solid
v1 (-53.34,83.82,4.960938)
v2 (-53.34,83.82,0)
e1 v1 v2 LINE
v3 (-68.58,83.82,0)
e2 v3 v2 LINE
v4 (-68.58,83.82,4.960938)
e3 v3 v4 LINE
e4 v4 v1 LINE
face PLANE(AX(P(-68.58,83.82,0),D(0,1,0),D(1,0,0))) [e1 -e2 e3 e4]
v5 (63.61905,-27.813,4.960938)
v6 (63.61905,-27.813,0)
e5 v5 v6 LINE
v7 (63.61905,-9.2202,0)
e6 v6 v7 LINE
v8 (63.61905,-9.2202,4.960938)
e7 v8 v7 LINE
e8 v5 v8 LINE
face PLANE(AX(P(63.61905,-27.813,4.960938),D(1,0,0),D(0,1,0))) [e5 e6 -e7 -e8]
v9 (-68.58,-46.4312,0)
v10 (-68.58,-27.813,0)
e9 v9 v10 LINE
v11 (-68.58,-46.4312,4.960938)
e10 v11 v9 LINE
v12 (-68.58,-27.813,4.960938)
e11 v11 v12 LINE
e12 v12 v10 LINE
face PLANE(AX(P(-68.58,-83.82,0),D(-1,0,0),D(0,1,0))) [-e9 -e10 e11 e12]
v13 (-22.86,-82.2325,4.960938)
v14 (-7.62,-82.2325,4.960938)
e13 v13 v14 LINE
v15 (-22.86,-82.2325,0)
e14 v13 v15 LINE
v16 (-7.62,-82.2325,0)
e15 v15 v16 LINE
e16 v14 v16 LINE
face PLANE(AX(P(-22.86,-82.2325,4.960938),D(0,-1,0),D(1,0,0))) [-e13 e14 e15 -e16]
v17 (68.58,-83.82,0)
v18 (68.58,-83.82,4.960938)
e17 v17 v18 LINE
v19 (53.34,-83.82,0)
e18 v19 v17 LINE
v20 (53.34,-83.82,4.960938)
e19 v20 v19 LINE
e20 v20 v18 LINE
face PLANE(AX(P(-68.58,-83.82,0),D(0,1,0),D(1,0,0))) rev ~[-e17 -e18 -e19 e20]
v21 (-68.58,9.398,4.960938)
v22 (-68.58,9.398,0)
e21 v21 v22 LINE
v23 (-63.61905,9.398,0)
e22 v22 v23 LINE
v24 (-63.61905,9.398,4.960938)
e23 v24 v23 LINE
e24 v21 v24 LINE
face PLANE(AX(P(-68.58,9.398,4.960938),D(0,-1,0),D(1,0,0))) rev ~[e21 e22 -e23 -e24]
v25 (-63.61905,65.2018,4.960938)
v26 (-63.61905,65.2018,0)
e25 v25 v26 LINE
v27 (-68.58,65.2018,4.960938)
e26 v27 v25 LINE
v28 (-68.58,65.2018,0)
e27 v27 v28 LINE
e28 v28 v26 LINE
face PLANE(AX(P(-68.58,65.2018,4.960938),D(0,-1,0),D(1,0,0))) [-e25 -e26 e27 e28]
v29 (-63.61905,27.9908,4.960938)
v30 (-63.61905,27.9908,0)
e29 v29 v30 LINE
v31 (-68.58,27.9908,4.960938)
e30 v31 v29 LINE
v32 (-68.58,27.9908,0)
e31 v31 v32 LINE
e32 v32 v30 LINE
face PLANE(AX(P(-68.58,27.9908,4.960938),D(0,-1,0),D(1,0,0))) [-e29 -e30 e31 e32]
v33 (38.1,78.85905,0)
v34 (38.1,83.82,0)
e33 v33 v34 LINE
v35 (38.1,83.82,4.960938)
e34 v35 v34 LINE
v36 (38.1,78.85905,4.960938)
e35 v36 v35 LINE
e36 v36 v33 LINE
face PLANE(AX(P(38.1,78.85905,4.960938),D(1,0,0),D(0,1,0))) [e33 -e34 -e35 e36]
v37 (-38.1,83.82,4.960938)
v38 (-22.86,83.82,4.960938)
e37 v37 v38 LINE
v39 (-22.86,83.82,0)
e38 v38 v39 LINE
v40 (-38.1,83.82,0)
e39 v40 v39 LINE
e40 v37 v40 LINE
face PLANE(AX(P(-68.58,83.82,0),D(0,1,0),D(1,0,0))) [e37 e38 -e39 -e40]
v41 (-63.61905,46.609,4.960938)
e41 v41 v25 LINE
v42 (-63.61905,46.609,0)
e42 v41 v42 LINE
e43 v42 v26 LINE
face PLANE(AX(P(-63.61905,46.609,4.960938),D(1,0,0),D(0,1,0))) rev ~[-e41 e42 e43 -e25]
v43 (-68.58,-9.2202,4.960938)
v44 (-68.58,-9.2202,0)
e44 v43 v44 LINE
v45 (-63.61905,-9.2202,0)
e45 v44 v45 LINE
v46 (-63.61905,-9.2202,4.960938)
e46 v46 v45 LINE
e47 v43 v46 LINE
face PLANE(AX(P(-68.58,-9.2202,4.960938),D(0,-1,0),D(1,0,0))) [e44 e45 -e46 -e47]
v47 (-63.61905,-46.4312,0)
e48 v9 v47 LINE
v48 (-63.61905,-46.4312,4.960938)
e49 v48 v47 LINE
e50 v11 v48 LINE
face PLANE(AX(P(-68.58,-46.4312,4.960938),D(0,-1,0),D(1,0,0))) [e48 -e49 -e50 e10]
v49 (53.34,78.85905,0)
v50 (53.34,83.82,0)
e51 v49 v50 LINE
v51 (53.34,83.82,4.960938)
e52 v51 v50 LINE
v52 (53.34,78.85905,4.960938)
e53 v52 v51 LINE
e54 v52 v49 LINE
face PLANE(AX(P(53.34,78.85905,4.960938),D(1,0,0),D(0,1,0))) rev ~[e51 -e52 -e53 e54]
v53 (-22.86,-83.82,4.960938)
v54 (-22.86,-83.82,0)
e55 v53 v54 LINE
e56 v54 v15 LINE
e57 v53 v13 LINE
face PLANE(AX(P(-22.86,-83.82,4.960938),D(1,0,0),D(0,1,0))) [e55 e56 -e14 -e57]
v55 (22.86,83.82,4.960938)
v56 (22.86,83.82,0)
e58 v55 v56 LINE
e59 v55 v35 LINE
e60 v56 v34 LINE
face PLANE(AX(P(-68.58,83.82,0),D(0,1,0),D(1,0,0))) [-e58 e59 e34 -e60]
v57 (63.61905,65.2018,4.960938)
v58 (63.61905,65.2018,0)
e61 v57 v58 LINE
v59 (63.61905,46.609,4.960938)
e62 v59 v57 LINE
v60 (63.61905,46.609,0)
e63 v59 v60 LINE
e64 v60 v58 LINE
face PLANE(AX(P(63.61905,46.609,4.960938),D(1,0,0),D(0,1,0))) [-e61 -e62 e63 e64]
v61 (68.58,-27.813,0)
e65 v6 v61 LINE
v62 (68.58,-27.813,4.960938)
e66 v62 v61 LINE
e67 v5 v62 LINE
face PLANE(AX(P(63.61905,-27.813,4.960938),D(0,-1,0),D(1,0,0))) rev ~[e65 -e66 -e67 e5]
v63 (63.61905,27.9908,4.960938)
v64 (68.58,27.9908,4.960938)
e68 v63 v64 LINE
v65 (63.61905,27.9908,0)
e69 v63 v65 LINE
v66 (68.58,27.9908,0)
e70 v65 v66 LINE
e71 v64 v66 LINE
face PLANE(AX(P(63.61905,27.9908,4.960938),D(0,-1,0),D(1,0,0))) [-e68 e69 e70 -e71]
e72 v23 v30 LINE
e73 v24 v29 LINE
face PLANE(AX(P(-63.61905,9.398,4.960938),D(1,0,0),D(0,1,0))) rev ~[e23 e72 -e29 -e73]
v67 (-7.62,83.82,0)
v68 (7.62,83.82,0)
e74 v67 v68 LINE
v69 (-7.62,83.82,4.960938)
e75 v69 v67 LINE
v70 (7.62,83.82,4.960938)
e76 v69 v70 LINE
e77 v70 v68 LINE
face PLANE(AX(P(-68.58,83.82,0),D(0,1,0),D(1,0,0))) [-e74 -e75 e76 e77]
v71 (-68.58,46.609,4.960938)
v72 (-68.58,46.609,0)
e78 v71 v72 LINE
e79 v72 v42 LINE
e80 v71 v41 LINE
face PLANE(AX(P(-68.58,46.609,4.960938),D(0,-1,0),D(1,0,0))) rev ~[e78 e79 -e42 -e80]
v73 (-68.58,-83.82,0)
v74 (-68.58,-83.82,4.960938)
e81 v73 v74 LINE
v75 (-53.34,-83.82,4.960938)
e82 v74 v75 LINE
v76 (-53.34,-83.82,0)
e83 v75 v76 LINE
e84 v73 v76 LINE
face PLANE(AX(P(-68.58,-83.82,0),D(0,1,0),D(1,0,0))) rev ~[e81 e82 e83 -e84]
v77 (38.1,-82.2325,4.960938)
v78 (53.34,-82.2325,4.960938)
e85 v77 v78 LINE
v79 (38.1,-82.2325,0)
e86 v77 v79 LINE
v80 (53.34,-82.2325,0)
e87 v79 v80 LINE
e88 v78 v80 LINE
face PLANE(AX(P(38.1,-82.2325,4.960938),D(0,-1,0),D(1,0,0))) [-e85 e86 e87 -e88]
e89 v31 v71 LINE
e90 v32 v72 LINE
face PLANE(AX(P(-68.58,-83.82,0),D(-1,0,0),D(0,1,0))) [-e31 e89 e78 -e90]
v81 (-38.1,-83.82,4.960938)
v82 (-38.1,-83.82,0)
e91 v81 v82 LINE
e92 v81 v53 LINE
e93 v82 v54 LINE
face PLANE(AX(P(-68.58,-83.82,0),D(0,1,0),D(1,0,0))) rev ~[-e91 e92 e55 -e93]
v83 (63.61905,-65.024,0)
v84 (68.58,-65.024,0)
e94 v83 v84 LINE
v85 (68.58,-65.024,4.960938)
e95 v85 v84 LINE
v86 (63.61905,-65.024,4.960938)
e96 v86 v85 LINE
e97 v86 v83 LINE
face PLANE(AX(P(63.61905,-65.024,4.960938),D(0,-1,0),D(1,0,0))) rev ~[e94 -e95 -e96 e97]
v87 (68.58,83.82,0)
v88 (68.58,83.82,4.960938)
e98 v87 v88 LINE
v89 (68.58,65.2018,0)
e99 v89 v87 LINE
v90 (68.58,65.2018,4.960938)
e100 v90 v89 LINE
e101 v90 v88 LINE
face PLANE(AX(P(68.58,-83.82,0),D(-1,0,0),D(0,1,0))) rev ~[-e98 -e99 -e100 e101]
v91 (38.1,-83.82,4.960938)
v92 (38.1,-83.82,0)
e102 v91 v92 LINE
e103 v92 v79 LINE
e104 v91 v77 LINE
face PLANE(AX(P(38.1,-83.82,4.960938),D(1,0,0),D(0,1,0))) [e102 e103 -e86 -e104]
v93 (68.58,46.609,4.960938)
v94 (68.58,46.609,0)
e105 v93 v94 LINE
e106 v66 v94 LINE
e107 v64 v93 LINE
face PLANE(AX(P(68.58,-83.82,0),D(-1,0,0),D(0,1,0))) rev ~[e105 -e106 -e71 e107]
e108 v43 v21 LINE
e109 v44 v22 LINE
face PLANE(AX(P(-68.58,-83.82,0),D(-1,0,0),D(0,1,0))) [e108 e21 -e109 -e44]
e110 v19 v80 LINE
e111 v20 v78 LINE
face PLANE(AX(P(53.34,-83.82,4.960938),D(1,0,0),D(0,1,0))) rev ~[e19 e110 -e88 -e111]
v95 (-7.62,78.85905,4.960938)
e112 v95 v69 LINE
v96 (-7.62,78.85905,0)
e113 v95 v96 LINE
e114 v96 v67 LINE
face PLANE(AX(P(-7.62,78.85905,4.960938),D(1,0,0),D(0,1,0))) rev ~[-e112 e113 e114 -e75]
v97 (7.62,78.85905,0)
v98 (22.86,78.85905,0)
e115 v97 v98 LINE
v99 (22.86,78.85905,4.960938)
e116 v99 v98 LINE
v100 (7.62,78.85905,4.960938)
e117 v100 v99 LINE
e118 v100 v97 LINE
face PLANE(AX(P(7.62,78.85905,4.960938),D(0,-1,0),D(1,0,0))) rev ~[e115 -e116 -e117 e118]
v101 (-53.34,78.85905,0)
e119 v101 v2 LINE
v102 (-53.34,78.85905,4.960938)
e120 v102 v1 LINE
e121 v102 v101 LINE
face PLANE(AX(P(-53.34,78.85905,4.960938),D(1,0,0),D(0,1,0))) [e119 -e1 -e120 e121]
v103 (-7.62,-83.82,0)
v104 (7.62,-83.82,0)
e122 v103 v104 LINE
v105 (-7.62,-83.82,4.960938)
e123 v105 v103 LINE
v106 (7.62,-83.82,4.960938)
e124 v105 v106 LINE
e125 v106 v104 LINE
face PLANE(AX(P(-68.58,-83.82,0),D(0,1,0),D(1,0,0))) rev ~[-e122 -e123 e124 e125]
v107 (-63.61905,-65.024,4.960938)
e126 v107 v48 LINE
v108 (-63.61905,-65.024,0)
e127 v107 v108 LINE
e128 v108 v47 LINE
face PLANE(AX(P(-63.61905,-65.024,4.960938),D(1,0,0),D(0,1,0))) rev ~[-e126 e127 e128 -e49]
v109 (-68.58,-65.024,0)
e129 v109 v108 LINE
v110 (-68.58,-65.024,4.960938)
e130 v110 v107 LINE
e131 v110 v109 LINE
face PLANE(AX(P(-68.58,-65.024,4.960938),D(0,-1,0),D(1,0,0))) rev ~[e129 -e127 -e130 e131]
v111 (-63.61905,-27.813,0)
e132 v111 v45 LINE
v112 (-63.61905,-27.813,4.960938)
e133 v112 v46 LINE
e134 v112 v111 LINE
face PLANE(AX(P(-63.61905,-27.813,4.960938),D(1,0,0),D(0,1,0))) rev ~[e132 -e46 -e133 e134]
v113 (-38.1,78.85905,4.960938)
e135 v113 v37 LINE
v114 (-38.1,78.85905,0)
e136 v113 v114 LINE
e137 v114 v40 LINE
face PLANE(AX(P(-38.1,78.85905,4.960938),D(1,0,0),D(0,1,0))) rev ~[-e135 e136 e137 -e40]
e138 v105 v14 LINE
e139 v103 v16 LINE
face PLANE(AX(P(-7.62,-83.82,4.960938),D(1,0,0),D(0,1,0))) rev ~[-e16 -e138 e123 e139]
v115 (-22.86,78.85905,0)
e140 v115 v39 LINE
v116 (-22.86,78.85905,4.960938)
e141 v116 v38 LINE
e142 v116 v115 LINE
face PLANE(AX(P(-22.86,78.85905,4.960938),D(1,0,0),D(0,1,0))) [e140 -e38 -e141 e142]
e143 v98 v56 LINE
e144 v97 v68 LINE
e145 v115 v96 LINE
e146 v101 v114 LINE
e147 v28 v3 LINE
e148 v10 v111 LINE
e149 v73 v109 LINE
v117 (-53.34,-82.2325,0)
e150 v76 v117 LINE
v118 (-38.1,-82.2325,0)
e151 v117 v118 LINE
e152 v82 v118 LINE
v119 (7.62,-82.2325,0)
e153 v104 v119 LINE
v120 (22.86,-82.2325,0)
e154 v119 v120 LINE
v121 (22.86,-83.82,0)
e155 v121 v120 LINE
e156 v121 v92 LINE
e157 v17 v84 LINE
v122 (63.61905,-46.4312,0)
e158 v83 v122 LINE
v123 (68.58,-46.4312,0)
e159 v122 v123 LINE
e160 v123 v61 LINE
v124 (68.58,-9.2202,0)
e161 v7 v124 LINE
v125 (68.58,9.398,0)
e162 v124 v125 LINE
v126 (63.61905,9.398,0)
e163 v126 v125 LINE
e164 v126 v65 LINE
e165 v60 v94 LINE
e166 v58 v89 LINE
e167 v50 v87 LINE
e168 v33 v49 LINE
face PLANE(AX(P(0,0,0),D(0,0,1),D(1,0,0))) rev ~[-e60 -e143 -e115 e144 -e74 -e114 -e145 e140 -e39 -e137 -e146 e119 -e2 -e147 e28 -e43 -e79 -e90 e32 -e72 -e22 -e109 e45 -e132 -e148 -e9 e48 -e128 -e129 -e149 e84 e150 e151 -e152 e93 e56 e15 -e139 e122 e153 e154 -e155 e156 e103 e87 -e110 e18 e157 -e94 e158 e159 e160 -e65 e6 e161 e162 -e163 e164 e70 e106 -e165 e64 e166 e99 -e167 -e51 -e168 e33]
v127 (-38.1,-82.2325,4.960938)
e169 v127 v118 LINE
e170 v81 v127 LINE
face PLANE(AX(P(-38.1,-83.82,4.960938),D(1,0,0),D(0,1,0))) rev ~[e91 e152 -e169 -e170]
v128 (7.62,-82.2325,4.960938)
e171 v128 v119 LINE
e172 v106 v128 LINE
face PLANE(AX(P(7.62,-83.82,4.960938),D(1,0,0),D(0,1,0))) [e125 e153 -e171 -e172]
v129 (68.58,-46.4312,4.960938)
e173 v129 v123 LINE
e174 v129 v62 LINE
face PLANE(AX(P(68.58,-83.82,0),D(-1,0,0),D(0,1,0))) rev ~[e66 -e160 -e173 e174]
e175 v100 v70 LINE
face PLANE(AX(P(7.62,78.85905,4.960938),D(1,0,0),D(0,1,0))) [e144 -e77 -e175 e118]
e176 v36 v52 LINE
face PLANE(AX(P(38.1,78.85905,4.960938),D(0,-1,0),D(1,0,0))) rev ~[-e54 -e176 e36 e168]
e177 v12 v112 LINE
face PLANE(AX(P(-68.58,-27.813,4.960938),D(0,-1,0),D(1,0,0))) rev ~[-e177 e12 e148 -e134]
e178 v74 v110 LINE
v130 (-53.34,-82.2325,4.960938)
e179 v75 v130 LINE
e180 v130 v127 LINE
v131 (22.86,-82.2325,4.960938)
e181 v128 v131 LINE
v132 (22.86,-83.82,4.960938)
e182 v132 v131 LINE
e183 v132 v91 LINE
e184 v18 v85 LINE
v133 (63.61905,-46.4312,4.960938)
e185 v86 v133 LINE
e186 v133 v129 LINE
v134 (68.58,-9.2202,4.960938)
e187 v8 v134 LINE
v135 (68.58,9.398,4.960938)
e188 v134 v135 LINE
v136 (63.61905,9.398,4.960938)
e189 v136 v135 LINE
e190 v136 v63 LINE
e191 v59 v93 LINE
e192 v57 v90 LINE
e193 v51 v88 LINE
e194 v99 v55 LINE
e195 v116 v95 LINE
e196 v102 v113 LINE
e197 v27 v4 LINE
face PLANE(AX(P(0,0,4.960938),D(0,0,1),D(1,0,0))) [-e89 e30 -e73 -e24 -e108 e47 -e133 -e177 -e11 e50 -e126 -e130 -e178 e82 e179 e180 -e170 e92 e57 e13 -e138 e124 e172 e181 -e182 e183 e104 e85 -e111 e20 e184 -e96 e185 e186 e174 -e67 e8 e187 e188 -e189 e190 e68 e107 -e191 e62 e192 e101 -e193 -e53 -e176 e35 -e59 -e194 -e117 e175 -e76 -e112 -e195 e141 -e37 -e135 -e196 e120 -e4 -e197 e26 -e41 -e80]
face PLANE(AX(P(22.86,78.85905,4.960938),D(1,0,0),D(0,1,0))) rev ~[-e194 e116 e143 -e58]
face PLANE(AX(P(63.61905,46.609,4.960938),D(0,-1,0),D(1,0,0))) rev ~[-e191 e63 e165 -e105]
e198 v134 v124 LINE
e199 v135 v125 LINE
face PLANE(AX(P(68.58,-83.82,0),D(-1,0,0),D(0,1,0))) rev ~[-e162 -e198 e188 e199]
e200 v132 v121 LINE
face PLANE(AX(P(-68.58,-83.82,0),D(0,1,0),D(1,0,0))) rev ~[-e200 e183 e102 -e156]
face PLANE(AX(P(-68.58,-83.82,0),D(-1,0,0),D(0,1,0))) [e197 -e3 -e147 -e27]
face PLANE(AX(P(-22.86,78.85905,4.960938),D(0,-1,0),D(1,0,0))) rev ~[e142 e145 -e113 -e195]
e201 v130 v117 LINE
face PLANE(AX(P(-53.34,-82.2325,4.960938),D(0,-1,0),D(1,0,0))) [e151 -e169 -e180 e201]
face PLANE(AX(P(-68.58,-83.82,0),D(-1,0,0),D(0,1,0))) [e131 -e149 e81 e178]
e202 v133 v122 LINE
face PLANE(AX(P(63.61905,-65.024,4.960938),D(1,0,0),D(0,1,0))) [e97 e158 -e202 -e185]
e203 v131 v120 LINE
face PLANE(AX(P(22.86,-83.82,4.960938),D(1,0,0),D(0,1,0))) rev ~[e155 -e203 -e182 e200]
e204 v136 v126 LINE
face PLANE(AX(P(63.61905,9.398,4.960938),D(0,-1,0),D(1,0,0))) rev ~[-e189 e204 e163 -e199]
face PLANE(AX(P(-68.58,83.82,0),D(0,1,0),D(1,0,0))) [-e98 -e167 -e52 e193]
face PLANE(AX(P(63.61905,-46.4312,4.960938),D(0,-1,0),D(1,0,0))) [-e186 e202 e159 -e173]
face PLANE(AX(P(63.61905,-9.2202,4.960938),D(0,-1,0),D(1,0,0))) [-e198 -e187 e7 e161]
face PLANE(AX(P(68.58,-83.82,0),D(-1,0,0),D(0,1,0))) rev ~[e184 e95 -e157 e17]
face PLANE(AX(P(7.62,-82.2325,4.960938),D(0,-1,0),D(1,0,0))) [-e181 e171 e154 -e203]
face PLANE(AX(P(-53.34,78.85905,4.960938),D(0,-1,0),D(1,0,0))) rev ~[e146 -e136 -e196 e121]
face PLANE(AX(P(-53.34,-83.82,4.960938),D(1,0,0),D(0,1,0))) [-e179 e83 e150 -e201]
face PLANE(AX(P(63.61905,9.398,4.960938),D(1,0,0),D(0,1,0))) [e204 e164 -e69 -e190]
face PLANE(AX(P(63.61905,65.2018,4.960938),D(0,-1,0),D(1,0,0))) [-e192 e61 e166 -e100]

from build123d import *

# Parameters (mm, degrees)
SKETCH2_W           = 137.16
SKETCH2_H           = 167.64
BOSS_EXTRUDE1_DEPTH = 4.9609375
SKETCH3_W           = 4.9609502
SKETCH3_H           = 18.5928
SKETCH3_W_2         = 15.24
SKETCH3_H_2         = 4.9609502
SKETCH3_H_3         = 1.5875
CUT_EXTRUDE1_DEPTH  = 5.9609375


with BuildPart() as part:
    # Sketch2 → Boss-Extrude1 (new body)
    with BuildSketch(Plane.XY):
        Rectangle(SKETCH2_W, SKETCH2_H)
    extrude(amount=BOSS_EXTRUDE1_DEPTH)

    # Sketch3 → Cut-Extrude1 (cut, through all)
    with BuildSketch(Plane.XY.offset(4.9609375)):
        with Locations((-66.0995249, 18.6944)):
            Rectangle(SKETCH3_W, SKETCH3_H)
        with Locations((-66.0995249, 55.9054)):
            Rectangle(SKETCH3_W, SKETCH3_H)
        with Locations((-66.0995249, -18.5166)):
            Rectangle(SKETCH3_W, SKETCH3_H)
        with Locations((-66.0995249, -55.7276)):
            Rectangle(SKETCH3_W, SKETCH3_H)
        with Locations((66.0995249, 18.6944)):
            Rectangle(SKETCH3_W, SKETCH3_H)
        with Locations((66.0995249, 55.9054)):
            Rectangle(SKETCH3_W, SKETCH3_H)
        with Locations((66.0995249, -18.5166)):
            Rectangle(SKETCH3_W, SKETCH3_H)
        with Locations((66.0995249, -55.7276)):
            Rectangle(SKETCH3_W, SKETCH3_H)
        with Locations((-15.24, 81.3395249)):
            Rectangle(SKETCH3_W_2, SKETCH3_H_2)
        with Locations((-45.72, 81.3395249)):
            Rectangle(SKETCH3_W_2, SKETCH3_H_2)
        with Locations((15.24, 81.3395249)):
            Rectangle(SKETCH3_W_2, SKETCH3_H_2)
        with Locations((45.72, 81.3395249)):
            Rectangle(SKETCH3_W_2, SKETCH3_H_2)
        with Locations((-15.24, -83.02625)):
            Rectangle(SKETCH3_W_2, SKETCH3_H_3)
        with Locations((-45.72, -83.02625)):
            Rectangle(SKETCH3_W_2, SKETCH3_H_3)
        with Locations((15.24, -83.02625)):
            Rectangle(SKETCH3_W_2, SKETCH3_H_3)
        with Locations((45.72, -83.02625)):
            Rectangle(SKETCH3_W_2, SKETCH3_H_3)
    extrude(amount=-CUT_EXTRUDE1_DEPTH, mode=Mode.SUBTRACT)


solid = part.part
